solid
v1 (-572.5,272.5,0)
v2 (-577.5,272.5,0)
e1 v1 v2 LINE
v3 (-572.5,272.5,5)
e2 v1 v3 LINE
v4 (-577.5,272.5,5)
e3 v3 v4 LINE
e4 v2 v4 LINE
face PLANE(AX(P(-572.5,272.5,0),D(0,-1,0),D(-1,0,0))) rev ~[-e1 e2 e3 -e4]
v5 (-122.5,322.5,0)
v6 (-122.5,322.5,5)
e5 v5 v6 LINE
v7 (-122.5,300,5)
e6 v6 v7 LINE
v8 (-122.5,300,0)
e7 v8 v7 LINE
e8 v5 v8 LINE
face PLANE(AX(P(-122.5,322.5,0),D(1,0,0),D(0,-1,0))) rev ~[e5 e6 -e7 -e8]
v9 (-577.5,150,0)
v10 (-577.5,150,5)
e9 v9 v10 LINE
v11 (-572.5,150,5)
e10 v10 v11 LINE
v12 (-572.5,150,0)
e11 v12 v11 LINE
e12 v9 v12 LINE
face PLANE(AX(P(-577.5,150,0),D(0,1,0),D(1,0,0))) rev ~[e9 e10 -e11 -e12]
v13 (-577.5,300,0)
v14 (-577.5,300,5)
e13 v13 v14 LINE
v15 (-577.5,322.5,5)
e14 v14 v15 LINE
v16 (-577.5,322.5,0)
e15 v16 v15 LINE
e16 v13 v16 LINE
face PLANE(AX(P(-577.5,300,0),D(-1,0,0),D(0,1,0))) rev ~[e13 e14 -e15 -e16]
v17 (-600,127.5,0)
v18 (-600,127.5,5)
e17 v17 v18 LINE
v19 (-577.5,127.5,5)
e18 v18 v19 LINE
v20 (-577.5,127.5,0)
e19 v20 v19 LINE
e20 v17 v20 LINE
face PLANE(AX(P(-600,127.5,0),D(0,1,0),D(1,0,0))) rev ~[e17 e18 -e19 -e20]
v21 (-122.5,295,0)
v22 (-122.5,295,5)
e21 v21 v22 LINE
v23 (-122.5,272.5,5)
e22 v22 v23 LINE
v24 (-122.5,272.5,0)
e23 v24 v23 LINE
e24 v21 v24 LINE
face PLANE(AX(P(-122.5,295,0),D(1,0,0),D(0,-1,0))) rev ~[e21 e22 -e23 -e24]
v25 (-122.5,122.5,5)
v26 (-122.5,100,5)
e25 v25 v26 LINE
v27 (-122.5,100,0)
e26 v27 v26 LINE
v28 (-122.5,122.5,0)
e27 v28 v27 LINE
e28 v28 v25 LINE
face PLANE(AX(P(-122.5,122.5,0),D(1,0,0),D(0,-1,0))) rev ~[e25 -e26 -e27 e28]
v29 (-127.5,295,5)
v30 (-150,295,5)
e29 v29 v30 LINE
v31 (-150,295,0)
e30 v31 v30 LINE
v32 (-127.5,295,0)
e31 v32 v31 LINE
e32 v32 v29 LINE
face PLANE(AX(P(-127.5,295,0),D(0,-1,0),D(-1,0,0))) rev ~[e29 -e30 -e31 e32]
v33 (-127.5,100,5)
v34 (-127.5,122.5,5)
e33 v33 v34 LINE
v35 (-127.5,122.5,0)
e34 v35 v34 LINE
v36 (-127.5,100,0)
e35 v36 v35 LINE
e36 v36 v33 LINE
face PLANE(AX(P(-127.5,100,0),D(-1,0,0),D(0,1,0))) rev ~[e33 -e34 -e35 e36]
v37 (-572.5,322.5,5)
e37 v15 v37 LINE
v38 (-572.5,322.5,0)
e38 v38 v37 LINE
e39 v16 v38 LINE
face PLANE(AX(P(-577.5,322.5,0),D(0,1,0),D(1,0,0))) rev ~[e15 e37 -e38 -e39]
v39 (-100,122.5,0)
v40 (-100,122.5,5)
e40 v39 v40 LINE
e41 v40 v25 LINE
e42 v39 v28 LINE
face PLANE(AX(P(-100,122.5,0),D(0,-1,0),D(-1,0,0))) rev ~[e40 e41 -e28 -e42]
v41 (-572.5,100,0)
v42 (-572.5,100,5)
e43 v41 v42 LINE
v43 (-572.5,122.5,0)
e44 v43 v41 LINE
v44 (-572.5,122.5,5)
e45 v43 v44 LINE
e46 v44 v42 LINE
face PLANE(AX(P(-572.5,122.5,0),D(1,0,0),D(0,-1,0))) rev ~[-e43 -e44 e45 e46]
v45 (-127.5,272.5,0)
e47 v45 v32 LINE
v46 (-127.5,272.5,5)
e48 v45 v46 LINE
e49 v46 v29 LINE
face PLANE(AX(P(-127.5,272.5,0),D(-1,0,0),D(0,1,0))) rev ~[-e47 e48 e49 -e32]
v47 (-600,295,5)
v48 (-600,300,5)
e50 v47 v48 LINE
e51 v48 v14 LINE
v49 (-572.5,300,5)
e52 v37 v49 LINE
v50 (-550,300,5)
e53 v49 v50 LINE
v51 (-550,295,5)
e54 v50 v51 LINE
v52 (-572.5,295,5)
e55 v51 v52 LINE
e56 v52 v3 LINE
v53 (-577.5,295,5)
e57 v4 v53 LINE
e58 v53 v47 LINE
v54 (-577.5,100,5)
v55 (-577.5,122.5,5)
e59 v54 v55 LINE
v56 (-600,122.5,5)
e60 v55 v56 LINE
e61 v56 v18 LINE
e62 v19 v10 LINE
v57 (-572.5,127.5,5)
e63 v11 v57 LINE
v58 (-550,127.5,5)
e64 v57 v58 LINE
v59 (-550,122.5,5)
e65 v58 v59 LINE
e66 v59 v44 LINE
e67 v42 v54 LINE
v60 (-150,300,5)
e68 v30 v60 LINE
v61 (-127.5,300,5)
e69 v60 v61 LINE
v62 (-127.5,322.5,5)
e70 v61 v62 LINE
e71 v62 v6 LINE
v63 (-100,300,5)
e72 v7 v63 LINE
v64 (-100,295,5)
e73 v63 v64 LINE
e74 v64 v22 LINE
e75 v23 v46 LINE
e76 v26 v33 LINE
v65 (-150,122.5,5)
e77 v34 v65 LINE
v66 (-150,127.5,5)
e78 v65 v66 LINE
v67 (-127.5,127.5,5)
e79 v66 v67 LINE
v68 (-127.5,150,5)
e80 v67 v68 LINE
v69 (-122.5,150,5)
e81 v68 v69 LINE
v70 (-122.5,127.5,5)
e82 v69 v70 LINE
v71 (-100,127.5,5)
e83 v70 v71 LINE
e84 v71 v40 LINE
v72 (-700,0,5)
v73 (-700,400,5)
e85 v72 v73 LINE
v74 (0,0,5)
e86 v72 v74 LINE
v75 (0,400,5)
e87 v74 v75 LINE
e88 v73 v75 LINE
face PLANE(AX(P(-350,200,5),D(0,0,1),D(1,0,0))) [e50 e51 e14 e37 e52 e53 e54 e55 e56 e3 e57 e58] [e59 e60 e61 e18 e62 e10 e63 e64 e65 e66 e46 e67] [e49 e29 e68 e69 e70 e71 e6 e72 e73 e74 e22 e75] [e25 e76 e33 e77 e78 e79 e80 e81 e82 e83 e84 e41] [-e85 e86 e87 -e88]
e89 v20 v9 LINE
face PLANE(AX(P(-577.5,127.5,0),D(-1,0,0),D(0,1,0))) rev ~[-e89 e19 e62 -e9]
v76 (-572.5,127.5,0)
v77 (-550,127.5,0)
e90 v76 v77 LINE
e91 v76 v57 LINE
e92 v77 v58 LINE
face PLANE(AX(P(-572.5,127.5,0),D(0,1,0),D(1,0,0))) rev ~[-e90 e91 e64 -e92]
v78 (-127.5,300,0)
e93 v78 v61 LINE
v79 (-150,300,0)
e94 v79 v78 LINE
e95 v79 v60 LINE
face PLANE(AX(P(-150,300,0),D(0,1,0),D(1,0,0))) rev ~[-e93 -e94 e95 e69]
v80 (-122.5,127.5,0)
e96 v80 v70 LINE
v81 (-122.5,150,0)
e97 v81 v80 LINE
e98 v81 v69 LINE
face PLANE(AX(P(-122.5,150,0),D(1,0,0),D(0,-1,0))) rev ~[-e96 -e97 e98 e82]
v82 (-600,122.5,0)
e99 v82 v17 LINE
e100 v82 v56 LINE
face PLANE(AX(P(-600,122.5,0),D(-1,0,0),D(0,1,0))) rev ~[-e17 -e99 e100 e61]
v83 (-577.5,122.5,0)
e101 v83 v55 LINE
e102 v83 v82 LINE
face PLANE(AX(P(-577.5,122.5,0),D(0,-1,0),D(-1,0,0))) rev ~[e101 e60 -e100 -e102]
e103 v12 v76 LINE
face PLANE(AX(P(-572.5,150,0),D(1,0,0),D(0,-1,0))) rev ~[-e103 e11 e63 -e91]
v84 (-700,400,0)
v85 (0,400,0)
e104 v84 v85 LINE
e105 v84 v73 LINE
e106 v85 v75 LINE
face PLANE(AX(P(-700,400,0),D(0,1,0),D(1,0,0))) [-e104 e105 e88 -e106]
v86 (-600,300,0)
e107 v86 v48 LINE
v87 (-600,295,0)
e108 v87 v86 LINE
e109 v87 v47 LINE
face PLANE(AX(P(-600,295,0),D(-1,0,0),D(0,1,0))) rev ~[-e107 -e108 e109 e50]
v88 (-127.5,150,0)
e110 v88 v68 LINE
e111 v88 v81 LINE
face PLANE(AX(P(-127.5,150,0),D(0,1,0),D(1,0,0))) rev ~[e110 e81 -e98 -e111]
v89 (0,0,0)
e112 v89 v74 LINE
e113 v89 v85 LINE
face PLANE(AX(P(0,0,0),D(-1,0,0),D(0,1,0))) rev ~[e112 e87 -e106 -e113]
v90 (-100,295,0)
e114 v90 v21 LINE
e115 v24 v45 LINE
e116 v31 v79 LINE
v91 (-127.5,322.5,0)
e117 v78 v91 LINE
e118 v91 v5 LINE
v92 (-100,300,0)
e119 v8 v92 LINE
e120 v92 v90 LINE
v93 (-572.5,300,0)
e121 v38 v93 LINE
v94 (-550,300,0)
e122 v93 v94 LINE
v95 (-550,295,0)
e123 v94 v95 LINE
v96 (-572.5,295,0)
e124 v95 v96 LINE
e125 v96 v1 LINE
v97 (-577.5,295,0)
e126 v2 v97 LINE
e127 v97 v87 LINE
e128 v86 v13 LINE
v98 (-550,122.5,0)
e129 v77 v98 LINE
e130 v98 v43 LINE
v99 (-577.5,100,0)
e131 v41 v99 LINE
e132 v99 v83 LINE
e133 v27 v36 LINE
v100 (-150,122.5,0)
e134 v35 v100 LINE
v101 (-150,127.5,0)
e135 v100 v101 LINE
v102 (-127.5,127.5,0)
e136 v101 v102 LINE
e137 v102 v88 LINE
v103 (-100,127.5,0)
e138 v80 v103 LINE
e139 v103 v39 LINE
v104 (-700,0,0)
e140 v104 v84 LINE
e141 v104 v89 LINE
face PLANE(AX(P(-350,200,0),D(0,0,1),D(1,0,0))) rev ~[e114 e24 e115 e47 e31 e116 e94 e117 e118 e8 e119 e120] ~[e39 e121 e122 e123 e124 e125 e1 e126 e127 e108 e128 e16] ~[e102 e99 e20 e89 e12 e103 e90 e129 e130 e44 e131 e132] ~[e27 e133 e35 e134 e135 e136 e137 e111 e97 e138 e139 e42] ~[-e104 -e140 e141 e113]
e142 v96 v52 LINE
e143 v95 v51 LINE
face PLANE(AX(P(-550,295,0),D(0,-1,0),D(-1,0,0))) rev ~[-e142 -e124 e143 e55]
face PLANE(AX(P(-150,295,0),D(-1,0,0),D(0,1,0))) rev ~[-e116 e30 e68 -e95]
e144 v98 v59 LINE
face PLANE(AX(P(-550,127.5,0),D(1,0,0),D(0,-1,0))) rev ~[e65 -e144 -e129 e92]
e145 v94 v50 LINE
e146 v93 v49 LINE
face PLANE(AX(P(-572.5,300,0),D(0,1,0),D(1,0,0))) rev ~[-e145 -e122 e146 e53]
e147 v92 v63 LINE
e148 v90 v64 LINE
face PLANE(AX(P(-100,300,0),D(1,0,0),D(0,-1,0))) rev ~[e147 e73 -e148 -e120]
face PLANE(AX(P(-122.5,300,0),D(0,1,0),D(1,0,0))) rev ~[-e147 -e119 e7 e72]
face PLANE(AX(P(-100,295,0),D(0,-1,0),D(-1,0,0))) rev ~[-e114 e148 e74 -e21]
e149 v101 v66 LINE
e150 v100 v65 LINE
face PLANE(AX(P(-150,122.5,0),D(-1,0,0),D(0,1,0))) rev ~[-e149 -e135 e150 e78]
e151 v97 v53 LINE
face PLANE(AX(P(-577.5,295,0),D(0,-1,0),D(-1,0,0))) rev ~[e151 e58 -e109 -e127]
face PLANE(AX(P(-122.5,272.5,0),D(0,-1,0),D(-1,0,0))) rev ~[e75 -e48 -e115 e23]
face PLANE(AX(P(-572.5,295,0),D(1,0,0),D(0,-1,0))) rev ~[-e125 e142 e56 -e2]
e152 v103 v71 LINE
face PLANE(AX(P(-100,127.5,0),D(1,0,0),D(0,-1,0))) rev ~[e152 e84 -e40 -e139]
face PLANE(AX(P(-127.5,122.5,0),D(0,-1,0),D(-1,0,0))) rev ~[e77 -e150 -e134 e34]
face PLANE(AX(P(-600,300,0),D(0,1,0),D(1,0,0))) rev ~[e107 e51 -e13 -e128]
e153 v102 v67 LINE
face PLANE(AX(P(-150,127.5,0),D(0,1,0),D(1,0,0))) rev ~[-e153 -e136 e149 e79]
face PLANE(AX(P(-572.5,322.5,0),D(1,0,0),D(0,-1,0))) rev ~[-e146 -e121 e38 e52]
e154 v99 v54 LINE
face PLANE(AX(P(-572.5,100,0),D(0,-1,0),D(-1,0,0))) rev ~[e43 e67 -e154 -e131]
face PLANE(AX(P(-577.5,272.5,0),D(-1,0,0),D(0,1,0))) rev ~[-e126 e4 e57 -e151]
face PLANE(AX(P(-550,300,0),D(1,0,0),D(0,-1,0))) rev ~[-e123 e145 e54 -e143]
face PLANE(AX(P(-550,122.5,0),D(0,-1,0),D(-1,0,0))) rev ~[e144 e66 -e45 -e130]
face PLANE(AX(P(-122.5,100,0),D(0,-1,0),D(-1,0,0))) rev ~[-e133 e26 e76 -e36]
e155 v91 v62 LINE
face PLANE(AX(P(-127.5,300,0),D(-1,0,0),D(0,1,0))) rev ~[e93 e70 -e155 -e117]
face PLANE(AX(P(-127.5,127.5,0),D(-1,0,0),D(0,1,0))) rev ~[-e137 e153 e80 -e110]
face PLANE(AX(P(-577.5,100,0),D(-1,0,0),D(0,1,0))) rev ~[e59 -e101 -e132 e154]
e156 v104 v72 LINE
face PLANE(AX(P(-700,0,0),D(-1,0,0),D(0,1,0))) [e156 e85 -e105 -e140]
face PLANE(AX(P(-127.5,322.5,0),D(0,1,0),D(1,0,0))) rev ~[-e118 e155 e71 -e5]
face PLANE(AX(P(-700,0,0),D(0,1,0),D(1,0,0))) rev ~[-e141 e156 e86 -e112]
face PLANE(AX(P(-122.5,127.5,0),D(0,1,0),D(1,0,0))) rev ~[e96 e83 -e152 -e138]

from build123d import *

# Parameters (mm, degrees)
F0_W     = 700
F0_H     = 400
F1_DEPTH = 5


with BuildPart() as f1:
    # F0 (on Top) → F1 (new body)
    with BuildSketch(Plane.XY):
        with Locations((-350, 200)):
            Rectangle(F0_W, F0_H)
        Polygon((-600, 122.5), (-600, 127.5), (-577.5, 127.5), (-577.5, 150), (-572.5, 150), (-572.5, 127.5), (-550, 127.5), (-550, 122.5), (-572.5, 122.5), (-572.5, 100), (-577.5, 100), (-577.5, 122.5), align=None, mode=Mode.SUBTRACT)
        Polygon((-150, 122.5), (-150, 127.5), (-127.5, 127.5), (-127.5, 150), (-122.5, 150), (-122.5, 127.5), (-100, 127.5), (-100, 122.5), (-122.5, 122.5), (-122.5, 100), (-127.5, 100), (-127.5, 122.5), align=None, mode=Mode.SUBTRACT)
        Polygon((-600, 295), (-600, 300), (-577.5, 300), (-577.5, 322.5), (-572.5, 322.5), (-572.5, 300), (-550, 300), (-550, 295), (-572.5, 295), (-572.5, 272.5), (-577.5, 272.5), (-577.5, 295), align=None, mode=Mode.SUBTRACT)
        Polygon((-150, 295), (-150, 300), (-127.5, 300), (-127.5, 322.5), (-122.5, 322.5), (-122.5, 300), (-100, 300), (-100, 295), (-122.5, 295), (-122.5, 272.5), (-127.5, 272.5), (-127.5, 295), align=None, mode=Mode.SUBTRACT)
    extrude(amount=F1_DEPTH)


solid = f1.part
